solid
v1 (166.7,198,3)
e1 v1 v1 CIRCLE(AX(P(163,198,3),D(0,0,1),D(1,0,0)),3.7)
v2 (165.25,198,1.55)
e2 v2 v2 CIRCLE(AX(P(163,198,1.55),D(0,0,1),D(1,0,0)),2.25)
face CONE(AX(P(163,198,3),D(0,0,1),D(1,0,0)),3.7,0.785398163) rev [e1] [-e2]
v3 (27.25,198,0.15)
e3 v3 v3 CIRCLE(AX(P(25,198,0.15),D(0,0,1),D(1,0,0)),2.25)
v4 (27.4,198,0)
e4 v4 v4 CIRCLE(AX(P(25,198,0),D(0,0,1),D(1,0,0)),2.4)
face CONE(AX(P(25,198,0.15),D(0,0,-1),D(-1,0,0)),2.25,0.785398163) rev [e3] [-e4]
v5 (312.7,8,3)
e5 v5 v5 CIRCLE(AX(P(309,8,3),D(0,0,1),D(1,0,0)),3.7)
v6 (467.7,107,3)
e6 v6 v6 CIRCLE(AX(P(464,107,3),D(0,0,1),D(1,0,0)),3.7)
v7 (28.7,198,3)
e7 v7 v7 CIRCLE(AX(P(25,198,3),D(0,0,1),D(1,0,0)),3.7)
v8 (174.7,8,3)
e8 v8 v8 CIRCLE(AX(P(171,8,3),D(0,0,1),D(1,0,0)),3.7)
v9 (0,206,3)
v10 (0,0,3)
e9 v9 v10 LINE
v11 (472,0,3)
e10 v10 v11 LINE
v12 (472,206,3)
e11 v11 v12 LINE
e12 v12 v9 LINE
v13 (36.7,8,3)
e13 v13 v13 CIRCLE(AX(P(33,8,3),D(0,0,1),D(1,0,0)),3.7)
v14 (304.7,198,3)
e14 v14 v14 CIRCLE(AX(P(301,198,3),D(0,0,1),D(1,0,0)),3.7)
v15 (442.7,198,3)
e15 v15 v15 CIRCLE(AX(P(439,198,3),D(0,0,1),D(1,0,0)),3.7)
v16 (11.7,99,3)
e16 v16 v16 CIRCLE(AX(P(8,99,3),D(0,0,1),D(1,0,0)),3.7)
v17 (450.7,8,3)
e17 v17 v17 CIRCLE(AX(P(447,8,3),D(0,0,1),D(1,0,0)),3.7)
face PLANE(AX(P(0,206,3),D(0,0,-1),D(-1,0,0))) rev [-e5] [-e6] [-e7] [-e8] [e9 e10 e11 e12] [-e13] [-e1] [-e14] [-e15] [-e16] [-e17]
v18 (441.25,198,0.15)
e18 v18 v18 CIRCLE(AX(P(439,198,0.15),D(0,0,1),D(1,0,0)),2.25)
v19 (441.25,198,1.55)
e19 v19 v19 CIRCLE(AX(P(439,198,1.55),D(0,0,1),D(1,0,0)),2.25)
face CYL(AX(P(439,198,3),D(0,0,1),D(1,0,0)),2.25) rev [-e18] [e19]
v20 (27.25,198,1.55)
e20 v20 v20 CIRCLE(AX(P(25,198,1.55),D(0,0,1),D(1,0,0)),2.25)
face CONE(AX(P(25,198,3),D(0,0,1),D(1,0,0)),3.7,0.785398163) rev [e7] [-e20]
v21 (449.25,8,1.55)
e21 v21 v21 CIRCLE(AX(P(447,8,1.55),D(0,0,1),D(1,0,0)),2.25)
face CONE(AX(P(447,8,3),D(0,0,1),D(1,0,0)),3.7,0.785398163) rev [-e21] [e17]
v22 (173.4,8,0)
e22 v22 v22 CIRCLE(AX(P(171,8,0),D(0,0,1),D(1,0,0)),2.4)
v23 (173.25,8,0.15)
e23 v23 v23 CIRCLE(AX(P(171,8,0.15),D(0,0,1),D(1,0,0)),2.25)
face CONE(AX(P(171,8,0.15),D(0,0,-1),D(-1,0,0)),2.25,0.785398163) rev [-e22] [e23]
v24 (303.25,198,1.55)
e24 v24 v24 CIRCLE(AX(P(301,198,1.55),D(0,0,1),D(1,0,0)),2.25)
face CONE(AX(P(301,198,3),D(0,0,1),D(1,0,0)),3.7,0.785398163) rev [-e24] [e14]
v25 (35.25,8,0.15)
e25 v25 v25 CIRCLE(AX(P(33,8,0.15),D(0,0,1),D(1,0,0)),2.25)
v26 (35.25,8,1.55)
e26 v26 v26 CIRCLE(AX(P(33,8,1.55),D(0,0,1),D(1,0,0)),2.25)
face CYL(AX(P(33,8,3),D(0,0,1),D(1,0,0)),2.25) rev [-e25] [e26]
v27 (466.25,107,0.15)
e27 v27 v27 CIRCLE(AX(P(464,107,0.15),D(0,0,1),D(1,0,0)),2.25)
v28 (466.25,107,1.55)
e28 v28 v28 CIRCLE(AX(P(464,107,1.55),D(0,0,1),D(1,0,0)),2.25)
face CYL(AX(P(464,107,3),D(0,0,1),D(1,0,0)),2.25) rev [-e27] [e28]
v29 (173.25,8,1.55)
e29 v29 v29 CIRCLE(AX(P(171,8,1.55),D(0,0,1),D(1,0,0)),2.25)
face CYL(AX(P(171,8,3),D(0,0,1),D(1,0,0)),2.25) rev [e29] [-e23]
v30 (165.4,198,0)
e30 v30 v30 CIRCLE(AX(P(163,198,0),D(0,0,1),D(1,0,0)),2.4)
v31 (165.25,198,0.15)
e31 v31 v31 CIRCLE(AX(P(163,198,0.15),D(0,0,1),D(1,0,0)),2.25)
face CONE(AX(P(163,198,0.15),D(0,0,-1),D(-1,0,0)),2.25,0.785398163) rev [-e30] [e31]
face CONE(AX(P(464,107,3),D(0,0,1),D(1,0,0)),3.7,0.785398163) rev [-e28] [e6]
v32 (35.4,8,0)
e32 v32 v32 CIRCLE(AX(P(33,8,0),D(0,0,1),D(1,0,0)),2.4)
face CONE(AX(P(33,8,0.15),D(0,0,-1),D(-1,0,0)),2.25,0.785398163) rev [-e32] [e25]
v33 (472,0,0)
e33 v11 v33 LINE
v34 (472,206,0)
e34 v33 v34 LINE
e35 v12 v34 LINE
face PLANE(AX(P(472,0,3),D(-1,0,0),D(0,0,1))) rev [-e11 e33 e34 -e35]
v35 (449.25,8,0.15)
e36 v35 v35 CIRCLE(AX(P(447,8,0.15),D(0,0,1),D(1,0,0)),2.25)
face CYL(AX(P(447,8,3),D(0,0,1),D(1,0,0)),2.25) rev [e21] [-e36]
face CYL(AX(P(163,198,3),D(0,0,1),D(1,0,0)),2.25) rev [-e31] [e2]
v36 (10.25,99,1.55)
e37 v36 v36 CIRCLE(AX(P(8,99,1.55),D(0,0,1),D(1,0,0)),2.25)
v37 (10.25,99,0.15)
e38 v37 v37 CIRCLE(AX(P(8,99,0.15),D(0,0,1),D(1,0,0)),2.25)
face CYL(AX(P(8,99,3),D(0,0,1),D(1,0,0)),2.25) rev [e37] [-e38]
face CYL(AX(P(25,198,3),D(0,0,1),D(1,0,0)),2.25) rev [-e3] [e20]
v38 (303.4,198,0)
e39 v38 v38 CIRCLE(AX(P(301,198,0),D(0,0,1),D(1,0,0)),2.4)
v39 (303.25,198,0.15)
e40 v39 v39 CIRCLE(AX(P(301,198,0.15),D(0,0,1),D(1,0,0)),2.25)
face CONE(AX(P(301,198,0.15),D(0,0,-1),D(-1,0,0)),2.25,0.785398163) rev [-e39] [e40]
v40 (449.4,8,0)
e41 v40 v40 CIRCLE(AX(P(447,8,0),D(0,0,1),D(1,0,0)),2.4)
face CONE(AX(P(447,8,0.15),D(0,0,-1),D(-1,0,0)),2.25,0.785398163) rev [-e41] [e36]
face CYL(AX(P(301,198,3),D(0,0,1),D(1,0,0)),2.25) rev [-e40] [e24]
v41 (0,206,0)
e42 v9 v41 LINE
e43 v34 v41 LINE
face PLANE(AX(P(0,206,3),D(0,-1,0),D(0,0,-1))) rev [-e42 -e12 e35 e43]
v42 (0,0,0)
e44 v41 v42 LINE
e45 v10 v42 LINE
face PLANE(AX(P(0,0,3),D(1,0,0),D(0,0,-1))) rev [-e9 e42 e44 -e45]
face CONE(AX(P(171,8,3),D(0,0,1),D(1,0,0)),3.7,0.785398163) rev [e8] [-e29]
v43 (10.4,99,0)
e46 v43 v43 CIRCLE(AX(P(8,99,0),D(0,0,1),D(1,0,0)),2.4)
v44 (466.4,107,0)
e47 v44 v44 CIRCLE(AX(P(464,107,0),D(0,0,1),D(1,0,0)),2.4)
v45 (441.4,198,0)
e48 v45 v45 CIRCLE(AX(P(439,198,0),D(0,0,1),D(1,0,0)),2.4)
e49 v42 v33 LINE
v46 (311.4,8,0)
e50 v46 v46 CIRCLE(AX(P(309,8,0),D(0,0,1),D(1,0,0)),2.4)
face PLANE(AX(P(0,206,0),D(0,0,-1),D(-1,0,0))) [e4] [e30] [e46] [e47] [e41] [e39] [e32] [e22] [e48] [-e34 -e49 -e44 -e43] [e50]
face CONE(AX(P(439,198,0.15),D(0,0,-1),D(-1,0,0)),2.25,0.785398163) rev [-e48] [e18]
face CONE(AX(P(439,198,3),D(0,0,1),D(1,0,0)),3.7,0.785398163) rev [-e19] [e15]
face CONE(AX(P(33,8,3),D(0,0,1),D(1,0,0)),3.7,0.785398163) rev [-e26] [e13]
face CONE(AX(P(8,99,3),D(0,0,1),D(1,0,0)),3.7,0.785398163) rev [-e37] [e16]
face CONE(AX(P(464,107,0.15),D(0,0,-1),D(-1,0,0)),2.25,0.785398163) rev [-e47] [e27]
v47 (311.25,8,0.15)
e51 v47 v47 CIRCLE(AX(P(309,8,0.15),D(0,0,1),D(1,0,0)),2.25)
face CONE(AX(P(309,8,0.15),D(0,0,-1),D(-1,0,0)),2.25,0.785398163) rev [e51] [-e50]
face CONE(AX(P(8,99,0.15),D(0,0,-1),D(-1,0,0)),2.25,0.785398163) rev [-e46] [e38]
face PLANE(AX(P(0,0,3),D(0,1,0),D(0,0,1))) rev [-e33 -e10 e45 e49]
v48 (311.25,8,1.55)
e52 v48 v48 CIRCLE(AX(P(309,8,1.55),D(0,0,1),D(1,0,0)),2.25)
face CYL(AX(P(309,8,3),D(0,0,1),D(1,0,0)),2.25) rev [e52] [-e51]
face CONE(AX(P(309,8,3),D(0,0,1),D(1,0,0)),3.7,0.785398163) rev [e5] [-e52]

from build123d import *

# Parameters (mm, degrees)
SKETCH_1_W                  = 472
SKETCH_1_H                  = 206
EXTRUDE_1_DEPTH             = 3
HOLE_WIZARD_M41_AT_2_COUNT  = 2
HOLE_WIZARD_M41_AT_2_PITCH  = 138
HOLE_WIZARD_M41_AT_3_COUNT  = 2
HOLE_WIZARD_M41_AT_3_PITCH  = 276
HOLE_WIZARD_M41_AT_4_COUNT  = 2
HOLE_WIZARD_M41_AT_4_PITCH  = 414
HOLE_WIZARD_M41_AT_5_COUNT  = 2
HOLE_WIZARD_M41_AT_5_PITCH  = 462.800172861
HOLE_WIZARD_M41_AT_6_COUNT  = 2
HOLE_WIZARD_M41_AT_6_PITCH  = 341.695771118
HOLE_WIZARD_M41_AT_7_COUNT  = 2
HOLE_WIZARD_M41_AT_7_PITCH  = 239.616360042
HOLE_WIZARD_M41_AT_8_COUNT  = 2
HOLE_WIZARD_M41_AT_8_PITCH  = 190.168346472
HOLE_WIZARD_M41_AT_9_COUNT  = 2
HOLE_WIZARD_M41_AT_9_PITCH  = 100.448992031
HOLE_WIZARD_M41_AT_10_COUNT = 2
HOLE_WIZARD_M41_AT_10_PITCH = 448.332465922


with BuildPart() as part:
    # Эскиз1 → Бобышка-Вытянуть1 (new body)
    with BuildSketch(Plane.XY):
        with Locations((236, 103)):
            Rectangle(SKETCH_1_W, SKETCH_1_H)
    extrude(amount=EXTRUDE_1_DEPTH)

    # Эскиз2 → Зенковка для винта с потайной головкой M41 (revolve, cut)
    with BuildSketch(Plane(origin=(25, 198, 3), x_dir=(0, -1, 0), z_dir=(1, 0, 0))):
        Polygon((0, 0), (0, 3), (2.4, 3), (2.25, 2.85), (2.25, 1.45), (3.7, 0), align=None)
    hole_wizard_m41 = revolve(axis=Axis((25, 198, 9.35), (0, 0, -1)), mode=Mode.SUBTRACT)

    # Зенковка для винта с потайной головкой M41 at 2: Зенковка для винта с потайной головкой M41 ×2
    with Locations(*[(i * HOLE_WIZARD_M41_AT_2_PITCH, 0, 0) for i in range(1, HOLE_WIZARD_M41_AT_2_COUNT)]):
        add(hole_wizard_m41, mode=Mode.SUBTRACT)

    # Зенковка для винта с потайной головкой M41 at 3: Зенковка для винта с потайной головкой M41 ×2
    with Locations(*[(i * HOLE_WIZARD_M41_AT_3_PITCH, 0, 0) for i in range(1, HOLE_WIZARD_M41_AT_3_COUNT)]):
        add(hole_wizard_m41, mode=Mode.SUBTRACT)

    # Зенковка для винта с потайной головкой M41 at 4: Зенковка для винта с потайной головкой M41 ×2
    with Locations(*[(i * HOLE_WIZARD_M41_AT_4_PITCH, 0, 0) for i in range(1, HOLE_WIZARD_M41_AT_4_COUNT)]):
        add(hole_wizard_m41, mode=Mode.SUBTRACT)

    # Зенковка для винта с потайной головкой M41 at 5: Зенковка для винта с потайной головкой M41 ×2
    with Locations(*[Vector(0.911840627, -0.410544358, 0) * (i * HOLE_WIZARD_M41_AT_5_PITCH) for i in range(1, HOLE_WIZARD_M41_AT_5_COUNT)]):
        add(hole_wizard_m41, mode=Mode.SUBTRACT)

    # Зенковка для винта с потайной головкой M41 at 6: Зенковка для винта с потайной головкой M41 ×2
    with Locations(*[Vector(0.831148712, -0.556050195, 0) * (i * HOLE_WIZARD_M41_AT_6_PITCH) for i in range(1, HOLE_WIZARD_M41_AT_6_COUNT)]):
        add(hole_wizard_m41, mode=Mode.SUBTRACT)

    # Зенковка для винта с потайной головкой M41 at 7: Зенковка для винта с потайной головкой M41 ×2
    with Locations(*[Vector(0.609307311, -0.792934172, 0) * (i * HOLE_WIZARD_M41_AT_7_PITCH) for i in range(1, HOLE_WIZARD_M41_AT_7_COUNT)]):
        add(hole_wizard_m41, mode=Mode.SUBTRACT)

    # Зенковка для винта с потайной головкой M41 at 8: Зенковка для винта с потайной головкой M41 ×2
    with Locations(*[Vector(0.042067989, -0.99911475, 0) * (i * HOLE_WIZARD_M41_AT_8_PITCH) for i in range(1, HOLE_WIZARD_M41_AT_8_COUNT)]):
        add(hole_wizard_m41, mode=Mode.SUBTRACT)

    # Зенковка для винта с потайной головкой M41 at 9: Зенковка для винта с потайной головкой M41 ×2
    with Locations(*[Vector(-0.169240125, -0.985574847, 0) * (i * HOLE_WIZARD_M41_AT_9_PITCH) for i in range(1, HOLE_WIZARD_M41_AT_9_COUNT)]):
        add(hole_wizard_m41, mode=Mode.SUBTRACT)

    # Зенковка для винта с потайной головкой M41 at 10: Зенковка для винта с потайной головкой M41 ×2
    with Locations(*[Vector(0.979184051, -0.20297437, 0) * (i * HOLE_WIZARD_M41_AT_10_PITCH) for i in range(1, HOLE_WIZARD_M41_AT_10_COUNT)]):
        add(hole_wizard_m41, mode=Mode.SUBTRACT)


solid = part.part
